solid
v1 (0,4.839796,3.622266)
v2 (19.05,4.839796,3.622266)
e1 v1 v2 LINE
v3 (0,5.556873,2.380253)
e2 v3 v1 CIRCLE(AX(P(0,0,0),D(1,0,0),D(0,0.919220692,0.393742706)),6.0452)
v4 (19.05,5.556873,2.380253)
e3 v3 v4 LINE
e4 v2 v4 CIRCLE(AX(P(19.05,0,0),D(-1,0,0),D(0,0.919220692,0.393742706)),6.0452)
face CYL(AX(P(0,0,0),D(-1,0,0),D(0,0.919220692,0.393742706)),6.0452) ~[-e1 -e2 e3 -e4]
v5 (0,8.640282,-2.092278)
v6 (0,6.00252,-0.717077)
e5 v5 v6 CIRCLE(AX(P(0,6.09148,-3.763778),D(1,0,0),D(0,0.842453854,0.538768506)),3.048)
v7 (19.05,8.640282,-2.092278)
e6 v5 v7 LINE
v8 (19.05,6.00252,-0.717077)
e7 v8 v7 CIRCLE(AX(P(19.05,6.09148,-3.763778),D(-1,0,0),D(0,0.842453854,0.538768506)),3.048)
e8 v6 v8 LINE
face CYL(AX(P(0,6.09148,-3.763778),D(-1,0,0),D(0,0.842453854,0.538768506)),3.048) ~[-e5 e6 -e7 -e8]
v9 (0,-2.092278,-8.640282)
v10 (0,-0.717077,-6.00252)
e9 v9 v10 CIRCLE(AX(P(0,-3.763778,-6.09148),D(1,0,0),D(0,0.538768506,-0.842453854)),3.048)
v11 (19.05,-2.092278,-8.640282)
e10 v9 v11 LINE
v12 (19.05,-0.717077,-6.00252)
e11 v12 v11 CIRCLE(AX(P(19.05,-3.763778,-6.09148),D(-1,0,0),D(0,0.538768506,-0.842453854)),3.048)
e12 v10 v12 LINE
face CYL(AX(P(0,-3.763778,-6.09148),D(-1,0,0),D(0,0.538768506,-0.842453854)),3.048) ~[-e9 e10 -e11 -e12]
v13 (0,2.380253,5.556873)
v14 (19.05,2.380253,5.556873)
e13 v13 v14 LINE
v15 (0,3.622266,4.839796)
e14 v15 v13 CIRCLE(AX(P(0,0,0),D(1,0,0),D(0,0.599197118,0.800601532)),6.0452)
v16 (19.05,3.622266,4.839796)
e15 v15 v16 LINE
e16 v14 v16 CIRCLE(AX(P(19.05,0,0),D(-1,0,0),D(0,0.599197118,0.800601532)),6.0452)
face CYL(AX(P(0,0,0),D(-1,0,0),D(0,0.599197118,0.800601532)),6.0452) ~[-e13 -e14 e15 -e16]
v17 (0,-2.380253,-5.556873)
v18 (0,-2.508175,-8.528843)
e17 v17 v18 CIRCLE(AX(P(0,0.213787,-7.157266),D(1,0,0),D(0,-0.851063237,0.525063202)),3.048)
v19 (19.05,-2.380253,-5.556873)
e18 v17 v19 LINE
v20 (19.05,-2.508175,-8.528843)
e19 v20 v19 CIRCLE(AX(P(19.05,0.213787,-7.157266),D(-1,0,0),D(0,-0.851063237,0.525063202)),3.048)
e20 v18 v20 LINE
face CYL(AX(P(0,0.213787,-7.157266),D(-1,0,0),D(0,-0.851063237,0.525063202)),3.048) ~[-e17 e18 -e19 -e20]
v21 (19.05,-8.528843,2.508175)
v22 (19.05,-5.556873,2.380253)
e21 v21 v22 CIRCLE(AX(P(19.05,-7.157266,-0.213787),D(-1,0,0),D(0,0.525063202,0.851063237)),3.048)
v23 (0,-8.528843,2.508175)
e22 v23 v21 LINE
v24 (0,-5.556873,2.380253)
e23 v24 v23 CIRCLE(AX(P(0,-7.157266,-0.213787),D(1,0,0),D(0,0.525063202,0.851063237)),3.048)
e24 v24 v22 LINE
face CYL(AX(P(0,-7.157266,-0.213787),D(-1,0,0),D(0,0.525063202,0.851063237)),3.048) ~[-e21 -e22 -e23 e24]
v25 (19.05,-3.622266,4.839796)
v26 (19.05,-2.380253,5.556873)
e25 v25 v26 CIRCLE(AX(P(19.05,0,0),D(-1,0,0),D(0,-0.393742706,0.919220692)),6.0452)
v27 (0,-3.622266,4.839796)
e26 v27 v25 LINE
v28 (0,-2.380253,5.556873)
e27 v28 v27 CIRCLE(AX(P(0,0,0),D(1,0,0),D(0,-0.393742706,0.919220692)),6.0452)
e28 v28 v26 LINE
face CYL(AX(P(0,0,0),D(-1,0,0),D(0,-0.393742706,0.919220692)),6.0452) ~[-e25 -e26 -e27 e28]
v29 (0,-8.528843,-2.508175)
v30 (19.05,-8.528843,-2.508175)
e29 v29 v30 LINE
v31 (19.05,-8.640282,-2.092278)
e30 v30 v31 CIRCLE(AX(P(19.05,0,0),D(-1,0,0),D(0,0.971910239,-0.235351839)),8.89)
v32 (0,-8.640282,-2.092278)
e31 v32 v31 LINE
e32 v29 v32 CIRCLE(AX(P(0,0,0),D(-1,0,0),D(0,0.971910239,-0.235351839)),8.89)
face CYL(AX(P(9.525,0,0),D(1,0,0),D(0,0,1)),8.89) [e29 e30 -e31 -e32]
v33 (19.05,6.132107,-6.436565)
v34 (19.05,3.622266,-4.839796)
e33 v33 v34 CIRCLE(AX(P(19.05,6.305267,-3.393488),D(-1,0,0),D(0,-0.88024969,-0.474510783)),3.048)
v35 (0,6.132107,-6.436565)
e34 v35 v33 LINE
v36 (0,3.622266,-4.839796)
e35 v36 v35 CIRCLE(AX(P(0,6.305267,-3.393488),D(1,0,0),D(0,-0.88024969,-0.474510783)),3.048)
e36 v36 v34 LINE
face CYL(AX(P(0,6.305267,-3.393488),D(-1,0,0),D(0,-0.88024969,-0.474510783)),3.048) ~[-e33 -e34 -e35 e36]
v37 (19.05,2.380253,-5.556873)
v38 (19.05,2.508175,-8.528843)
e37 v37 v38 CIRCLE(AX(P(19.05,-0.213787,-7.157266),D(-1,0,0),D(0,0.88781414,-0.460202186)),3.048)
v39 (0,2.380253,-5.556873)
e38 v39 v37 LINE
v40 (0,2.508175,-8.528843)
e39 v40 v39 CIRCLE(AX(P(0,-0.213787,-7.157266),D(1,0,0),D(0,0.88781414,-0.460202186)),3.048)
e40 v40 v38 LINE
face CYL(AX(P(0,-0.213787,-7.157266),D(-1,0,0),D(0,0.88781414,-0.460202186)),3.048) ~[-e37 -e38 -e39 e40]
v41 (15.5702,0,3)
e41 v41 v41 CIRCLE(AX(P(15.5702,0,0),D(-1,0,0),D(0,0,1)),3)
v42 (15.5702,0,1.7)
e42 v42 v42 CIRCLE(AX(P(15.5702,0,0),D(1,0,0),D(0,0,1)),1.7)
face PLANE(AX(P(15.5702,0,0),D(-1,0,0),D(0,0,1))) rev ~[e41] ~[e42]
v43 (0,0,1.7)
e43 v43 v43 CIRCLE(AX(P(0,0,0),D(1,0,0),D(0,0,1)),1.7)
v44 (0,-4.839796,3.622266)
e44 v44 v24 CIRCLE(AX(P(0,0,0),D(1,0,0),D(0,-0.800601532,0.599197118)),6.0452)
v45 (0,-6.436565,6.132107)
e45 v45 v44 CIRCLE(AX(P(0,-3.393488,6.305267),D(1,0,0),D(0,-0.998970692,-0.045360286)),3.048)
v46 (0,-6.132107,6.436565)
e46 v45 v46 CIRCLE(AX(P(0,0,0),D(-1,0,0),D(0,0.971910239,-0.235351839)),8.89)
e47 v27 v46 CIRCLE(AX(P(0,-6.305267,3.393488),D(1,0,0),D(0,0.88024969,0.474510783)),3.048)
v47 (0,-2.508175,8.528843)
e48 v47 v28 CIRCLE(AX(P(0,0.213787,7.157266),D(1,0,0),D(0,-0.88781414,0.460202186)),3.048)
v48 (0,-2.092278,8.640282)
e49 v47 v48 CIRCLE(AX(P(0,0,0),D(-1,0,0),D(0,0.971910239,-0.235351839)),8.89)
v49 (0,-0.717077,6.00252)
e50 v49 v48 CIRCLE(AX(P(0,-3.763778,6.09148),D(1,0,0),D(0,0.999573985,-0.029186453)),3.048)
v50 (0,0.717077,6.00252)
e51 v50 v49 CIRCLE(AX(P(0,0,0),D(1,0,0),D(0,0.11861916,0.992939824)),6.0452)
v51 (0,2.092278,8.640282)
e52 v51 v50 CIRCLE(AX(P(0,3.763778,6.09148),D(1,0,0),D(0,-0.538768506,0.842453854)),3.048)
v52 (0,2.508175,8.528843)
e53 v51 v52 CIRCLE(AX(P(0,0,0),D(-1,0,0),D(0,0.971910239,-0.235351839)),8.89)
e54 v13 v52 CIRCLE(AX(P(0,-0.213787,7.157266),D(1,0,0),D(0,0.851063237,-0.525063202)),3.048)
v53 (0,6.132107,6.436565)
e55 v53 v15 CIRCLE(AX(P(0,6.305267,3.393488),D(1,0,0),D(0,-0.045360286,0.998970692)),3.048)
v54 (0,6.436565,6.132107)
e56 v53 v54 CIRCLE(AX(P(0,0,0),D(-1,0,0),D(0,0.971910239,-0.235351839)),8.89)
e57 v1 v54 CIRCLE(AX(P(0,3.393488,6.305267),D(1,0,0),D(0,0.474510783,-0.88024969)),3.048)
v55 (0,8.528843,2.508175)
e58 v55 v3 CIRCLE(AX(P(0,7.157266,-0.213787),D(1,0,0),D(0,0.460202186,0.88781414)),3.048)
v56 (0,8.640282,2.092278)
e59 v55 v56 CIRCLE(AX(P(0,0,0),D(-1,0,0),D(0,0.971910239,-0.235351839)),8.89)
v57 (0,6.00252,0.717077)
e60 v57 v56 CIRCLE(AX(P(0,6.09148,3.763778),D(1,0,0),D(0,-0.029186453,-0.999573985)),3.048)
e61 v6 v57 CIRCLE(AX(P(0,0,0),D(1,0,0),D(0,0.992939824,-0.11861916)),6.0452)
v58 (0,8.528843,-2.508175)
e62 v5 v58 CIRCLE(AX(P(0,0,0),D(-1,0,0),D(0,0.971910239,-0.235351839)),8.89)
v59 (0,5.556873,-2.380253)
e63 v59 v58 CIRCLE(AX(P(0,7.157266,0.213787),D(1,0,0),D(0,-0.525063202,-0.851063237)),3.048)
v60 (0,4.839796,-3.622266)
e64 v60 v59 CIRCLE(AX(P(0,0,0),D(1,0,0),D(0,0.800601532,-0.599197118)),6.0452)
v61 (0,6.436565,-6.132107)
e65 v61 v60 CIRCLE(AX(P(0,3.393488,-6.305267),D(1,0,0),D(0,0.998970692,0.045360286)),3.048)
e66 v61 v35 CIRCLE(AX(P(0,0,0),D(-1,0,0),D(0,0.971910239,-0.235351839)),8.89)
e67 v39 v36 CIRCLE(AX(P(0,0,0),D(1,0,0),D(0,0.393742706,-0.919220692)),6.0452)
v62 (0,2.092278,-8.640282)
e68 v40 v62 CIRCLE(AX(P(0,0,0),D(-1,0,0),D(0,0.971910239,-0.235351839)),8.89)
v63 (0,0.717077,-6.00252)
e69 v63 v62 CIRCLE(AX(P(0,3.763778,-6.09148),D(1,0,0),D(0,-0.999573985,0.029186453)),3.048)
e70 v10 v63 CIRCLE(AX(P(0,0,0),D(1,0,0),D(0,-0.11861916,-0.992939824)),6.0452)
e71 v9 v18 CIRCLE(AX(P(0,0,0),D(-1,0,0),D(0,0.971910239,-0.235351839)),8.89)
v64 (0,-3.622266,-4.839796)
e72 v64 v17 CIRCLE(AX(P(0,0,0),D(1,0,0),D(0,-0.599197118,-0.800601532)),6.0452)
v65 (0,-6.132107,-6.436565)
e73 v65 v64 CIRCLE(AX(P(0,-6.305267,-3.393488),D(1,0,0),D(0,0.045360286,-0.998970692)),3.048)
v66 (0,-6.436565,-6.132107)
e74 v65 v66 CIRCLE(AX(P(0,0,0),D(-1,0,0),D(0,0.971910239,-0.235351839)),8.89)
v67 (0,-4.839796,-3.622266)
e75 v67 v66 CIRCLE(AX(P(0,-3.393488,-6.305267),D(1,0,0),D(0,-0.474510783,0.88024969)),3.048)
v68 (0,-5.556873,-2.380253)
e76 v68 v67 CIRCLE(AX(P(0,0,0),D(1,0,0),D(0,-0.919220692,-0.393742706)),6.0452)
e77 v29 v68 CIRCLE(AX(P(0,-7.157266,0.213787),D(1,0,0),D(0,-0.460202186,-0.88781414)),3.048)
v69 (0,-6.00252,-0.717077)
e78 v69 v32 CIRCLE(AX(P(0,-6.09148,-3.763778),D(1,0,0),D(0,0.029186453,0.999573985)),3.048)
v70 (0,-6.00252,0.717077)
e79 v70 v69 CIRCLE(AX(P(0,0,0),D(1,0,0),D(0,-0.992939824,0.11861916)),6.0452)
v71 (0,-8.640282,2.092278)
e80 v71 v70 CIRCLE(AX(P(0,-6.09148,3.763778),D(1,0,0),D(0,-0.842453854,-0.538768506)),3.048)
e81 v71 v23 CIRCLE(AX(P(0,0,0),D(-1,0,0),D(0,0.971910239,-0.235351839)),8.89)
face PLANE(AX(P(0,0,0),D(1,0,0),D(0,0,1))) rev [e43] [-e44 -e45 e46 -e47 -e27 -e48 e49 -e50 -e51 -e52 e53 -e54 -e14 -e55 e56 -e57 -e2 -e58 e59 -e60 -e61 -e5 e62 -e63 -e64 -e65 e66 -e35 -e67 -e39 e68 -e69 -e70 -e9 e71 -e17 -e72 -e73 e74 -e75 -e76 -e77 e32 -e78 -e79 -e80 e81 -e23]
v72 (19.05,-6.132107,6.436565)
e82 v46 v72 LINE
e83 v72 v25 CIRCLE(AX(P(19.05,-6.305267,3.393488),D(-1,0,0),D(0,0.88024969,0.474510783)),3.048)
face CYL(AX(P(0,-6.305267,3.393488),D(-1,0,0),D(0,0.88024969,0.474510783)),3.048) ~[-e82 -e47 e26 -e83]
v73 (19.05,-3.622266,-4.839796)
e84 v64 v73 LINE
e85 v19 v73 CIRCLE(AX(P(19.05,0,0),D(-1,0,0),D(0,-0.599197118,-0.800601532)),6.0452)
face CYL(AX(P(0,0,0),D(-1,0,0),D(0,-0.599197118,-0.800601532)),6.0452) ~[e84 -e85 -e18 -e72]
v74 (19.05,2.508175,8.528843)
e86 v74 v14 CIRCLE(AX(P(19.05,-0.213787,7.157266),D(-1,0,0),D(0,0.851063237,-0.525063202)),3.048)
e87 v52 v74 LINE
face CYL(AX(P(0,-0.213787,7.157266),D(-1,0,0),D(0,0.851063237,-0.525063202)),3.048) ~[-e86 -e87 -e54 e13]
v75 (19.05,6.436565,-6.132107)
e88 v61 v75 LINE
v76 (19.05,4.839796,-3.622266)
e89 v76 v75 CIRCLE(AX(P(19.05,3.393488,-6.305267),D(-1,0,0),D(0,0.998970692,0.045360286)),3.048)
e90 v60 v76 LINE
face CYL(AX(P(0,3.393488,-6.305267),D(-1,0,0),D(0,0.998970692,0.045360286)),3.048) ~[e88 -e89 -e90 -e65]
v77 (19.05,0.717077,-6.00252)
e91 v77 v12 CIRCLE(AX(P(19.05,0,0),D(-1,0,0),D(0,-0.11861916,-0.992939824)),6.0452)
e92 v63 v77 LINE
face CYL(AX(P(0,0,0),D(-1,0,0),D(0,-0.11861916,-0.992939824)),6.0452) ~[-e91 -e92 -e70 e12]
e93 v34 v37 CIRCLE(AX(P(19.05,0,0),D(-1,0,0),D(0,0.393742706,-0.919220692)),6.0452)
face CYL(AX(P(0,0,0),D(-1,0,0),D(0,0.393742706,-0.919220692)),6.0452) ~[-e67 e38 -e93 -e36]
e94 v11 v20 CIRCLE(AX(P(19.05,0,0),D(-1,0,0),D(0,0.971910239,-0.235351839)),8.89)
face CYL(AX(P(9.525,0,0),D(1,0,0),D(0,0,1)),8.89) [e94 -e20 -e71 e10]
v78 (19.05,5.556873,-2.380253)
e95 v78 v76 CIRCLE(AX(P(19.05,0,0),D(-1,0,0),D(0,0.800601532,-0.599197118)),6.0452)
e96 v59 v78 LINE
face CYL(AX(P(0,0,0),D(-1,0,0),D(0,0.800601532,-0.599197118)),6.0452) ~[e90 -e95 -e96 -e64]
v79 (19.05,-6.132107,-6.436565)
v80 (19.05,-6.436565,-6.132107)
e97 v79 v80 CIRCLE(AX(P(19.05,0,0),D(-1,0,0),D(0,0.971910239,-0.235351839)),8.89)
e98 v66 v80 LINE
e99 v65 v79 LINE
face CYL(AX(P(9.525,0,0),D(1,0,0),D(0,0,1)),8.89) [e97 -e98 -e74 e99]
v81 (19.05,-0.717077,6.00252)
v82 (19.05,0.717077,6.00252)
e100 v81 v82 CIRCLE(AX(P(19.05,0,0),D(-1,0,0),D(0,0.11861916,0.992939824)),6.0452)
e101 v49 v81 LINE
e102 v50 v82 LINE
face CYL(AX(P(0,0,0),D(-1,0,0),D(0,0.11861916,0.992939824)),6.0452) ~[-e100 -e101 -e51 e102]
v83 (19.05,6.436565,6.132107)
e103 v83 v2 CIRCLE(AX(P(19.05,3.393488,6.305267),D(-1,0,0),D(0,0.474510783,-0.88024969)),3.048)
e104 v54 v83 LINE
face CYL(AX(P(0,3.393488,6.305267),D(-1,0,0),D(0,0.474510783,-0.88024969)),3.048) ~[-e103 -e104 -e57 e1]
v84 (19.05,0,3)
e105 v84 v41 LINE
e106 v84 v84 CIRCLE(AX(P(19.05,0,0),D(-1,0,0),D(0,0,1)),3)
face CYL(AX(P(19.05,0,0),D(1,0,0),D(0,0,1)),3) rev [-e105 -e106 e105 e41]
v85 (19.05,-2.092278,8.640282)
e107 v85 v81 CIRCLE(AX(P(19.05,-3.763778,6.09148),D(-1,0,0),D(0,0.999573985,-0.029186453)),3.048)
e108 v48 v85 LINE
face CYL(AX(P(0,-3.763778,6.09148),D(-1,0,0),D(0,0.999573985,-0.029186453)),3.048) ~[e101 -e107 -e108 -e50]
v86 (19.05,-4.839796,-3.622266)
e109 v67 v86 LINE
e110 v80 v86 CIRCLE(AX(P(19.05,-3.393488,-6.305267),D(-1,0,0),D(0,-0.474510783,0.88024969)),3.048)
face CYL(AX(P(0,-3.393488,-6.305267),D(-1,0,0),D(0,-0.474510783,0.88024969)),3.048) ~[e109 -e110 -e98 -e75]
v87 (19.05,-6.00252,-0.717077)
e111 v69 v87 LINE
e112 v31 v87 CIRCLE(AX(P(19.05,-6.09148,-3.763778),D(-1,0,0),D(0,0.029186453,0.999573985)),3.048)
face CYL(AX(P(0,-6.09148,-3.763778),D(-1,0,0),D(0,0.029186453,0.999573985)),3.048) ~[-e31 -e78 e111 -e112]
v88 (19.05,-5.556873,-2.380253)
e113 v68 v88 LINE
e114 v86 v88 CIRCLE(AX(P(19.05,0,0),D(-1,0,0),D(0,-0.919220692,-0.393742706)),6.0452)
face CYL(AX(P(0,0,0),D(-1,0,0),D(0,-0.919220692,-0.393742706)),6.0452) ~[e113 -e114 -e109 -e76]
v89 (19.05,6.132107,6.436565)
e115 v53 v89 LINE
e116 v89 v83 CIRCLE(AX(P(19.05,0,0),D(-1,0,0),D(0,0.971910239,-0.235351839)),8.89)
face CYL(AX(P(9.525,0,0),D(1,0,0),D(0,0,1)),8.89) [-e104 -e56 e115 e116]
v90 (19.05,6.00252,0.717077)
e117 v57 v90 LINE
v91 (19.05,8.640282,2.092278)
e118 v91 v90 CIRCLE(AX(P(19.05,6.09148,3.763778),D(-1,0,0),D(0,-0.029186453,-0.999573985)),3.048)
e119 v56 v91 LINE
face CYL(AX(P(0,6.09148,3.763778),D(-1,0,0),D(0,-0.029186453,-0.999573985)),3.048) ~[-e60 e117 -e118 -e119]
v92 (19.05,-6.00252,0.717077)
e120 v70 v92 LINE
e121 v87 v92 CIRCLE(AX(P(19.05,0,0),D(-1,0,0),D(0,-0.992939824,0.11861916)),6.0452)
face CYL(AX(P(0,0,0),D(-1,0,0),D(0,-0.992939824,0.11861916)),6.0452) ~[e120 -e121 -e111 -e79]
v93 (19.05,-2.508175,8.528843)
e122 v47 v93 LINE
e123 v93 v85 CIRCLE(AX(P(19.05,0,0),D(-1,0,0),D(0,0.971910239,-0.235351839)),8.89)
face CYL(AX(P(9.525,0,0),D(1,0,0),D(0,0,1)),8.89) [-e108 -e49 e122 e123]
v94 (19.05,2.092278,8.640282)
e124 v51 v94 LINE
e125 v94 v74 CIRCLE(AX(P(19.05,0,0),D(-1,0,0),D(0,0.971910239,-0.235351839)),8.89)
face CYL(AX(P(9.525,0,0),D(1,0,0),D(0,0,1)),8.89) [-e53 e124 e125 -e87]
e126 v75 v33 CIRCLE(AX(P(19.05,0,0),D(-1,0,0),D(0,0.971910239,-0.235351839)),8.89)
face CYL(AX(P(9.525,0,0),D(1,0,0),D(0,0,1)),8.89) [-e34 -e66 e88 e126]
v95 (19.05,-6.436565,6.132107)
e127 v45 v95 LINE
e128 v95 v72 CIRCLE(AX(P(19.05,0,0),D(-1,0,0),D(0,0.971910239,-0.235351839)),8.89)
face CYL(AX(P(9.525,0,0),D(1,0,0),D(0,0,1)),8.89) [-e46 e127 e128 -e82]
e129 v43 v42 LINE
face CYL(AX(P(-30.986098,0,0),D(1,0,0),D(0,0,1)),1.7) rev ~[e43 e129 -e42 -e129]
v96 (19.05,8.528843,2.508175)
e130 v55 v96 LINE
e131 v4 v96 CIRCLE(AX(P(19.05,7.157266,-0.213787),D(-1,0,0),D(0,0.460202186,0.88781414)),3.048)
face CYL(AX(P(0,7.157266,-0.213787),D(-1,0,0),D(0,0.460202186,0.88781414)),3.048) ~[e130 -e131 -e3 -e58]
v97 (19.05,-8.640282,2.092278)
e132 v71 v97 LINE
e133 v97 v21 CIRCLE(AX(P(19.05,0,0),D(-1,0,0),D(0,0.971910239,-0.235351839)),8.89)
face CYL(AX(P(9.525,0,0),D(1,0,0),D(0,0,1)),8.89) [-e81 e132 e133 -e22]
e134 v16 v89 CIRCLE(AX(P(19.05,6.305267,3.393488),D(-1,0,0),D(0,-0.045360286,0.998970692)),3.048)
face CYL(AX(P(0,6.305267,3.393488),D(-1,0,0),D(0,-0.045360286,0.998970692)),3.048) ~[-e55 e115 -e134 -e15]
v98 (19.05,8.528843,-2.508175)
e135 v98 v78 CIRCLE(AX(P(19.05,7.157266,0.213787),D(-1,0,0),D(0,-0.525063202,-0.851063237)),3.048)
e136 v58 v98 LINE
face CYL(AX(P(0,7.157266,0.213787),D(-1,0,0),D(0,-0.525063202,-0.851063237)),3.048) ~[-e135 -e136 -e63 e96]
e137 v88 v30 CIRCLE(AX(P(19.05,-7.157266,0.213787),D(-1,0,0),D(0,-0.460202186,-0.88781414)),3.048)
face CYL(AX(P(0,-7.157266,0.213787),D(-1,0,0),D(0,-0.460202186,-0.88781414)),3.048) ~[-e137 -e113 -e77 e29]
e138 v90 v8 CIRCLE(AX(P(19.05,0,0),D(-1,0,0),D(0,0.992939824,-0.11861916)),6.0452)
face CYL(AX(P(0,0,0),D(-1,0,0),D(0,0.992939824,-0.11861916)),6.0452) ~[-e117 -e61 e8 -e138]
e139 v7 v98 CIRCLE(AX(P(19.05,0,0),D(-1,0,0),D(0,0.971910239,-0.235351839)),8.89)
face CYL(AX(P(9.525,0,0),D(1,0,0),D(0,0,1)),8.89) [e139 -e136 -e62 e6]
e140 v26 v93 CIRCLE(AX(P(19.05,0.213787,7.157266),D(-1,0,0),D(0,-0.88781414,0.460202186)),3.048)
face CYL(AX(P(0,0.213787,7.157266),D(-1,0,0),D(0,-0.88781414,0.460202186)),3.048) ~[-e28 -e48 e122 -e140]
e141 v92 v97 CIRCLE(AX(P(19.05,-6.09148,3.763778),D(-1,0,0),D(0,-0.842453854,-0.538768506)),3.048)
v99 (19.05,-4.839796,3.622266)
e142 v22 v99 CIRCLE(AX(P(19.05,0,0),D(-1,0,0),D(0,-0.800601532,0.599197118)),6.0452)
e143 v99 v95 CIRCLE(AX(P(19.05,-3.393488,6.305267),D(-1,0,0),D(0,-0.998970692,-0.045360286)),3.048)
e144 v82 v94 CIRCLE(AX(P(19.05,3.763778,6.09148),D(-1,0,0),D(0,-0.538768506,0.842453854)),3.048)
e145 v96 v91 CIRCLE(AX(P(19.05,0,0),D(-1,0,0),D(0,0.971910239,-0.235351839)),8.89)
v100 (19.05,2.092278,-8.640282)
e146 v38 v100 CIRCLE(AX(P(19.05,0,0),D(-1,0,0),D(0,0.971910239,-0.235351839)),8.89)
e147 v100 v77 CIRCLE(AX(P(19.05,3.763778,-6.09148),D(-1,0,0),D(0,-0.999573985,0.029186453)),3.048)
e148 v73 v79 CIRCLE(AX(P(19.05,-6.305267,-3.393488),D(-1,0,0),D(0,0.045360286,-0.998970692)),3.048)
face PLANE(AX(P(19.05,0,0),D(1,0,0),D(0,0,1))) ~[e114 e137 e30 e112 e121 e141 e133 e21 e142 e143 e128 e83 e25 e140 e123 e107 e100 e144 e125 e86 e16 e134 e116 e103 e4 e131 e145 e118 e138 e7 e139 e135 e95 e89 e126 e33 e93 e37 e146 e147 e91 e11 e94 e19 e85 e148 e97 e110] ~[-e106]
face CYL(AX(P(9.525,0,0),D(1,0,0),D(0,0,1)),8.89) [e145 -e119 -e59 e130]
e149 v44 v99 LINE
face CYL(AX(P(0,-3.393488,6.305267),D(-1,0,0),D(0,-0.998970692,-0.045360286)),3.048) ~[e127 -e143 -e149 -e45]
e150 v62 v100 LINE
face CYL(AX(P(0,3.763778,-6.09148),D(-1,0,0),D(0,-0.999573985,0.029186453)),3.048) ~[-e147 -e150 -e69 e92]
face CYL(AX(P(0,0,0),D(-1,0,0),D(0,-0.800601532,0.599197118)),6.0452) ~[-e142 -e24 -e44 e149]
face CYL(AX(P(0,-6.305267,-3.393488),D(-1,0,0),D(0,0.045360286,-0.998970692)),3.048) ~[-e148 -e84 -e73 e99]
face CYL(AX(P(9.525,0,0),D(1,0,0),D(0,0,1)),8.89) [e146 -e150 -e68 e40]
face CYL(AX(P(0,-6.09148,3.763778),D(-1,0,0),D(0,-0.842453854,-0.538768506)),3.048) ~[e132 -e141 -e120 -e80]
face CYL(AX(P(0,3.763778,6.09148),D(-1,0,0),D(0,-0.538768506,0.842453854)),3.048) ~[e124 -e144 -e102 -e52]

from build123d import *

# Parameters (mm, degrees)
BASPROSKE_W          = 19.05
BASPROSKE_H          = 8.89
TOOTHCUT_DEPTH       = 23.82469496
TEETHCUTS_COUNT      = 12
TEETHCUTS_ANGLE      = 330
BORSKE_R             = 1.5875
BORE_DEPTH           = 50.8015748
CUT_EXTRUDE1_START   = -19.05
SKETCH1_R            = 3
CUT_EXTRUDE1_DEPTH   = 3.4798
M3_CLEARANCE_HOLE1_D = 3.4


with BuildPart() as part:
    # BasProSke → Base-Revolve (revolve)
    with BuildSketch(Plane(origin=(0, 0, 0), x_dir=(1, 0, 0), z_dir=(0, 1, 0)), mode=Mode.PRIVATE) as base_revolve_sk:
        with Locations((9.525, 4.445)):
            Rectangle(BASPROSKE_W, BASPROSKE_H)
    revolve(base_revolve_sk.sketch.rotate(Axis((-10, 0, 0), (1, 0, 0)), 180), axis=Axis((-10, 0, 0), (1, 0, 0)))

    # TooCutSke → ToothCut (cut, through all)
    with BuildSketch(Plane(origin=(0, 0, 0), x_dir=(0, 0, -1), z_dir=(1, 0, 0))):
        with BuildLine():
            ThreePointArc((0.717076553, 6.002519826), (0, 6.0452), (-0.717076553, 6.002519826))
            ThreePointArc((-0.717076553, 6.002519826), (-1.069160545, 7.516029346), (-2.121611652, 8.659279483))
            ThreePointArc((-2.121611652, 8.659279483), (0, 8.9154), (2.121611652, 8.659279483))
            ThreePointArc((2.121611652, 8.659279483), (1.069160545, 7.516029346), (0.717076553, 6.002519826))
        make_face()
    toothcut = extrude(amount=TOOTHCUT_DEPTH, mode=Mode.SUBTRACT)

    # TeethCuts: ToothCut ×12 about axis
    teethcuts_axis = Axis((-10, 0, 0), (1, 0, 0))
    for i in range(1, TEETHCUTS_COUNT):
        add(toothcut.rotate(teethcuts_axis, i * TEETHCUTS_ANGLE / (TEETHCUTS_COUNT - 1)), mode=Mode.SUBTRACT)

    # BorSke → Bore (cut, symmetric)
    with BuildSketch(Plane(origin=(0, 0, 0), x_dir=(0, 0, -1), z_dir=(1, 0, 0))):
        with Locations(Location((0, 0, 0), (0, 0, 180))):
            Circle(BORSKE_R)
    extrude(amount=BORE_DEPTH, both=True, mode=Mode.SUBTRACT)

    # Sketch1 → Cut-Extrude1 (cut)
    with BuildSketch(Plane.ZY.offset(CUT_EXTRUDE1_START)):
        Circle(SKETCH1_R)
    extrude(amount=CUT_EXTRUDE1_DEPTH, mode=Mode.SUBTRACT)

    # M3 Clearance Hole1 (through all)
    with Locations(Plane(origin=(0, 0, 0), x_dir=(0, 0, -1), z_dir=(-1, 0, 0))):
        with Locations((0, 0)):
            Hole(M3_CLEARANCE_HOLE1_D / 2)


solid = part.part
